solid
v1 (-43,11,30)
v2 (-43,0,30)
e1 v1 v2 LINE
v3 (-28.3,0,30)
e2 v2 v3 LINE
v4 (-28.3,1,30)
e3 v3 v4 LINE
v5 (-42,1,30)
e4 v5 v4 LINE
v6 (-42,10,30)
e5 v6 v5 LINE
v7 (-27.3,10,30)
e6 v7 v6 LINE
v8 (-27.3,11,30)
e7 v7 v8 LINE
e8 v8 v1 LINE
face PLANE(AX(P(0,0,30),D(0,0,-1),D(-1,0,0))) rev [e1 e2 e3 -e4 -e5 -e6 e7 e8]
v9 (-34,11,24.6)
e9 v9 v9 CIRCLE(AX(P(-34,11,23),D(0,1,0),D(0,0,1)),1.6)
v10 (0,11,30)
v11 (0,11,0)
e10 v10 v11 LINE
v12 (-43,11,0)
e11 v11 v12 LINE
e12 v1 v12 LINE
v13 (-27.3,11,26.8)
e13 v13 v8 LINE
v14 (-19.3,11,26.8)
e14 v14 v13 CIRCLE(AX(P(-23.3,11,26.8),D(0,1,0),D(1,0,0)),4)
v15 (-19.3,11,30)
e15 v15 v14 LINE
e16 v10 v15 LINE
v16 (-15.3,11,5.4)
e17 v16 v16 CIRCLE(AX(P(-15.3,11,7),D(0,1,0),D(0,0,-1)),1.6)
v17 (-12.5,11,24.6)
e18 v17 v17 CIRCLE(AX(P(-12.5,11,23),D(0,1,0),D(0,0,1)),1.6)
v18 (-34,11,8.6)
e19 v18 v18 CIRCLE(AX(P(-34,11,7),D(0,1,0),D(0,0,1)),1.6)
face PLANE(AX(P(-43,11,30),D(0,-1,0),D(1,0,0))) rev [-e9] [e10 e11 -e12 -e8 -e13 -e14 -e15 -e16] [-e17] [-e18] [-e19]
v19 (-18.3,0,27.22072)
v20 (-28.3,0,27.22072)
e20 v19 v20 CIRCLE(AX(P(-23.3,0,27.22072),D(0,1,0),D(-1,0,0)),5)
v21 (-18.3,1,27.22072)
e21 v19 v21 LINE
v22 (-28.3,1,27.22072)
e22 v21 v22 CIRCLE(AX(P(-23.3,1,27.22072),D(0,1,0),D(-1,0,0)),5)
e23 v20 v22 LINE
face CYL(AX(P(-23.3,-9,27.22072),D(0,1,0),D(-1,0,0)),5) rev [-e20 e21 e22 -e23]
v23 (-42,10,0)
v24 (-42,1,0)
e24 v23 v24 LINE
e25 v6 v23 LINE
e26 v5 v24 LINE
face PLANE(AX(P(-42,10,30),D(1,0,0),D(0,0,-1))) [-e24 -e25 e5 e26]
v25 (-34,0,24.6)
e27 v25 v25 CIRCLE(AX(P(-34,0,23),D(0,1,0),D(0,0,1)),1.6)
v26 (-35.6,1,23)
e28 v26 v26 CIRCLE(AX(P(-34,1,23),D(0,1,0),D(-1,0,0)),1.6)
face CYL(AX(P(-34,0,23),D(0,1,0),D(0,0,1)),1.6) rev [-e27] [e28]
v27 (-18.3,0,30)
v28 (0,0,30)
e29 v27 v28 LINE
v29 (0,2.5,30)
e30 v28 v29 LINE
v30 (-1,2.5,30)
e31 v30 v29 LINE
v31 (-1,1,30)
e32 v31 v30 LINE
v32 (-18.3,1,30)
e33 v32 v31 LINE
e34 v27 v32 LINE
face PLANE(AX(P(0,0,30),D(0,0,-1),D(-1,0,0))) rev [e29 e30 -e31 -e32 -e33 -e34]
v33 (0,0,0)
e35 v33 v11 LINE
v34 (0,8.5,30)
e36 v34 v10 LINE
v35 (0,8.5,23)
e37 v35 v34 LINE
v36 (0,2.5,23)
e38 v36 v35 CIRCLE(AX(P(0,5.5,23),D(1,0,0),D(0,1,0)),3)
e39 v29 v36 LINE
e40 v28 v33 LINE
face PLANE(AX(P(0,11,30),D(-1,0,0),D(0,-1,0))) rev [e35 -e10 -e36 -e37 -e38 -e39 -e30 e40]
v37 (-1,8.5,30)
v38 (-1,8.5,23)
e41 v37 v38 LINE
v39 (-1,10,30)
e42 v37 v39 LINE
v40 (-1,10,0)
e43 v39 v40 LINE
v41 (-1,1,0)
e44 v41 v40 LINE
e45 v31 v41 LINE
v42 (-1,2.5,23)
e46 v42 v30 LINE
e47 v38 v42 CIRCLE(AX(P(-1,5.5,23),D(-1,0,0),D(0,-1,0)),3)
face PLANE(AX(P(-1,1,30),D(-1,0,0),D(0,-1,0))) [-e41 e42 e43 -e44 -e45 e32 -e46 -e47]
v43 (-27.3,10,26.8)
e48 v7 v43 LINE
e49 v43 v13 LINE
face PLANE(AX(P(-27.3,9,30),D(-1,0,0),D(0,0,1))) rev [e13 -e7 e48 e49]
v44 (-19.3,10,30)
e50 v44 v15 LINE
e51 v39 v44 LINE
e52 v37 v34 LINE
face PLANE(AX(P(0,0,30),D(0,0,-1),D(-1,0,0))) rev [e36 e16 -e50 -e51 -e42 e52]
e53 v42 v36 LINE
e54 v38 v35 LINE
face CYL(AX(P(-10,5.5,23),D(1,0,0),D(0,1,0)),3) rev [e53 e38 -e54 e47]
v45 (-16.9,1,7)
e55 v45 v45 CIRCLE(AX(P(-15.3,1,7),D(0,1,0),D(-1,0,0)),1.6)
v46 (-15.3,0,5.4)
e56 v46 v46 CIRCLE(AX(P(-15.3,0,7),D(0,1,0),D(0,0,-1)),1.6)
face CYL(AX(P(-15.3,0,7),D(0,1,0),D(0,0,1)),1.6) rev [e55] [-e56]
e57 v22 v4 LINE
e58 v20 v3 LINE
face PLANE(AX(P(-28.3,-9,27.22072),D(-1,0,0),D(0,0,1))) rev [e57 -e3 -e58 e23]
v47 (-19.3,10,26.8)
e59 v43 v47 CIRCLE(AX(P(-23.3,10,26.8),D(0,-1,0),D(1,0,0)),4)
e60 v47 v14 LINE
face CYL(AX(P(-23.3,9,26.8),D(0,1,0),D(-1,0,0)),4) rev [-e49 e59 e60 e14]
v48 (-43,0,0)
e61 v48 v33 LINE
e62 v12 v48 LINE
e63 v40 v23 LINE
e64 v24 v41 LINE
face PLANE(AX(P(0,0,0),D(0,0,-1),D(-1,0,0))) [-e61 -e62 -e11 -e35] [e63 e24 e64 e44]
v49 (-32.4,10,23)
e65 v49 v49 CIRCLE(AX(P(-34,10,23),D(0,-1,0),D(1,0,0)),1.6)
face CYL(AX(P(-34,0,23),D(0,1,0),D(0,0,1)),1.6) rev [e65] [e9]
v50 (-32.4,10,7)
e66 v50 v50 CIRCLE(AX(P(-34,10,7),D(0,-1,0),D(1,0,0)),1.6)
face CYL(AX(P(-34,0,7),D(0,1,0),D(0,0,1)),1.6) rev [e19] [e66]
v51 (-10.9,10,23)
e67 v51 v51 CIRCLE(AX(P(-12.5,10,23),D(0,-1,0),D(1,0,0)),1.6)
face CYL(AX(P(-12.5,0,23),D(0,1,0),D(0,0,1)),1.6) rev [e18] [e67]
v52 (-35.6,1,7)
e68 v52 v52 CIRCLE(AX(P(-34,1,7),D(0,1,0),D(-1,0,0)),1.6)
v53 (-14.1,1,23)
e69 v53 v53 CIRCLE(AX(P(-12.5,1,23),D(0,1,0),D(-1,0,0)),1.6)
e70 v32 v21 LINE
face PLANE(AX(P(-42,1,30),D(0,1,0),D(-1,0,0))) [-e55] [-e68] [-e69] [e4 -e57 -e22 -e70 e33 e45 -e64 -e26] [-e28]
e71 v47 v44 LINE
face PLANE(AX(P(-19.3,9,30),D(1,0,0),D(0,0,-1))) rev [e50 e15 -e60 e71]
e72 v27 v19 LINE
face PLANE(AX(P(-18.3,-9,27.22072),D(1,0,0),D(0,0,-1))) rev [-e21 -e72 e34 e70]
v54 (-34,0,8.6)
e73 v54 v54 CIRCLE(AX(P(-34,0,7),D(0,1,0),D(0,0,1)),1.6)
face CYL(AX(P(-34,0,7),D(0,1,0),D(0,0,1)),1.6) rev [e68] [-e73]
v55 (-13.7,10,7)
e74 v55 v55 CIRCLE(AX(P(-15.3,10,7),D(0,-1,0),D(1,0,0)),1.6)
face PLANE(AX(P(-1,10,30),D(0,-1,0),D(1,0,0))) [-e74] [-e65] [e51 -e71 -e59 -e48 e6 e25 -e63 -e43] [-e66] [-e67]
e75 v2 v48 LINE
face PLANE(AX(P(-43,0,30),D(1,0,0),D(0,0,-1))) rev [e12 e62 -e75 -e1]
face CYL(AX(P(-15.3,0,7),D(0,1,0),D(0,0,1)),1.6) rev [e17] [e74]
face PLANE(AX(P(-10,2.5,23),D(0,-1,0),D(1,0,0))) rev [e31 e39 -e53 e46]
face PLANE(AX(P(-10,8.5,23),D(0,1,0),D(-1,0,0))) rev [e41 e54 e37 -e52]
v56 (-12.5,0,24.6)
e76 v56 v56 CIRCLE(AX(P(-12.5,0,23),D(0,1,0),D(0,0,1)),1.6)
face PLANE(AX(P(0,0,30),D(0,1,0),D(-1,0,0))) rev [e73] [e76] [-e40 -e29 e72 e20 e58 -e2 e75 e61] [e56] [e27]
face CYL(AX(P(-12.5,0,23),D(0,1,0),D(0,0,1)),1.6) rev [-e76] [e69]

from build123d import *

# Parameters (mm, degrees)
SKETCH_2_W          = 41
SKETCH_2_H          = 9
EXTRUDE_1_DEPTH     = 30
SKETCH_3_R          = 1.6
CUT_EXTRUDE_1_DEPTH = 54.572380944
CUT_EXTRUDE_2_DEPTH = 2
CUT_EXTRUDE_3_DEPTH = 10
CUT_EXTRUDE_4_DEPTH = 10


with BuildPart() as part:
    # 草图2 → 凸台-拉伸1 (new body)
    with BuildSketch(Plane.XY):
        Polygon((0, 0), (-43, 0), (-43, 11), (0, 11), (0, 10), (0, 1), align=None)
        with Locations((-21.5, 5.5)):
            Rectangle(SKETCH_2_W, SKETCH_2_H, mode=Mode.SUBTRACT)
    extrude(amount=EXTRUDE_1_DEPTH)

    # 草图3 → 切除-拉伸1 (cut, through all)
    with BuildSketch(Plane(origin=(0, 11, 0), x_dir=(1, 0, 0), z_dir=(0, 1, 0))):
        with Locations(Location((-34, -7, 0), (0, 0, 270))):
            Circle(SKETCH_3_R)
        with Locations(Location((-34, -23, 0), (0, 0, 270))):
            Circle(SKETCH_3_R)
        with Locations(Location((-12.5, -23, 0), (0, 0, 270))):
            Circle(SKETCH_3_R)
        with Locations(Location((-15.3, -7, 0), (0, 0, 180))):
            Circle(SKETCH_3_R)
    extrude(amount=-CUT_EXTRUDE_1_DEPTH, mode=Mode.SUBTRACT)

    # 草图4 → 切除-拉伸2 (cut)
    with BuildSketch(Plane(origin=(0, 11, 0), x_dir=(1, 0, 0), z_dir=(0, 1, 0))):
        with BuildLine():
            Line((-27.3, -30), (-27.3, -26.8))
            ThreePointArc((-27.3, -26.8), (-23.3, -22.8), (-19.3, -26.8))
            Line((-19.3, -26.8), (-19.3, -30))
            Line((-19.3, -30), (-27.3, -30))
        make_face()
    extrude(amount=-CUT_EXTRUDE_2_DEPTH, mode=Mode.SUBTRACT)

    # 草图5 → 切除-拉伸3 (cut)
    with BuildSketch(Plane(origin=(0, 1, 0), x_dir=(1, 0, 0), z_dir=(0, 1, 0))):
        with BuildLine():
            Line((-28.3, -27.220720419), (-28.3, -30))
            Line((-28.3, -30), (-18.3, -30))
            Line((-18.3, -30), (-18.3, -27.220720419))
            ThreePointArc((-18.3, -27.220720419), (-23.3, -22.220720419), (-28.3, -27.220720419))
        make_face()
    extrude(amount=-CUT_EXTRUDE_3_DEPTH, mode=Mode.SUBTRACT)

    # 草图6 → 切除-拉伸4 (cut)
    with BuildSketch(Plane(origin=(0, 0, 0), x_dir=(0, 0, -1), z_dir=(1, 0, 0))):
        with BuildLine():
            Line((-23, 8.5), (-30, 8.5))
            Line((-30, 8.5), (-30, 2.5))
            Line((-30, 2.5), (-23, 2.5))
            ThreePointArc((-23, 2.5), (-20, 5.5), (-23, 8.5))
        make_face()
    extrude(amount=-CUT_EXTRUDE_4_DEPTH, mode=Mode.SUBTRACT)


solid = part.part
